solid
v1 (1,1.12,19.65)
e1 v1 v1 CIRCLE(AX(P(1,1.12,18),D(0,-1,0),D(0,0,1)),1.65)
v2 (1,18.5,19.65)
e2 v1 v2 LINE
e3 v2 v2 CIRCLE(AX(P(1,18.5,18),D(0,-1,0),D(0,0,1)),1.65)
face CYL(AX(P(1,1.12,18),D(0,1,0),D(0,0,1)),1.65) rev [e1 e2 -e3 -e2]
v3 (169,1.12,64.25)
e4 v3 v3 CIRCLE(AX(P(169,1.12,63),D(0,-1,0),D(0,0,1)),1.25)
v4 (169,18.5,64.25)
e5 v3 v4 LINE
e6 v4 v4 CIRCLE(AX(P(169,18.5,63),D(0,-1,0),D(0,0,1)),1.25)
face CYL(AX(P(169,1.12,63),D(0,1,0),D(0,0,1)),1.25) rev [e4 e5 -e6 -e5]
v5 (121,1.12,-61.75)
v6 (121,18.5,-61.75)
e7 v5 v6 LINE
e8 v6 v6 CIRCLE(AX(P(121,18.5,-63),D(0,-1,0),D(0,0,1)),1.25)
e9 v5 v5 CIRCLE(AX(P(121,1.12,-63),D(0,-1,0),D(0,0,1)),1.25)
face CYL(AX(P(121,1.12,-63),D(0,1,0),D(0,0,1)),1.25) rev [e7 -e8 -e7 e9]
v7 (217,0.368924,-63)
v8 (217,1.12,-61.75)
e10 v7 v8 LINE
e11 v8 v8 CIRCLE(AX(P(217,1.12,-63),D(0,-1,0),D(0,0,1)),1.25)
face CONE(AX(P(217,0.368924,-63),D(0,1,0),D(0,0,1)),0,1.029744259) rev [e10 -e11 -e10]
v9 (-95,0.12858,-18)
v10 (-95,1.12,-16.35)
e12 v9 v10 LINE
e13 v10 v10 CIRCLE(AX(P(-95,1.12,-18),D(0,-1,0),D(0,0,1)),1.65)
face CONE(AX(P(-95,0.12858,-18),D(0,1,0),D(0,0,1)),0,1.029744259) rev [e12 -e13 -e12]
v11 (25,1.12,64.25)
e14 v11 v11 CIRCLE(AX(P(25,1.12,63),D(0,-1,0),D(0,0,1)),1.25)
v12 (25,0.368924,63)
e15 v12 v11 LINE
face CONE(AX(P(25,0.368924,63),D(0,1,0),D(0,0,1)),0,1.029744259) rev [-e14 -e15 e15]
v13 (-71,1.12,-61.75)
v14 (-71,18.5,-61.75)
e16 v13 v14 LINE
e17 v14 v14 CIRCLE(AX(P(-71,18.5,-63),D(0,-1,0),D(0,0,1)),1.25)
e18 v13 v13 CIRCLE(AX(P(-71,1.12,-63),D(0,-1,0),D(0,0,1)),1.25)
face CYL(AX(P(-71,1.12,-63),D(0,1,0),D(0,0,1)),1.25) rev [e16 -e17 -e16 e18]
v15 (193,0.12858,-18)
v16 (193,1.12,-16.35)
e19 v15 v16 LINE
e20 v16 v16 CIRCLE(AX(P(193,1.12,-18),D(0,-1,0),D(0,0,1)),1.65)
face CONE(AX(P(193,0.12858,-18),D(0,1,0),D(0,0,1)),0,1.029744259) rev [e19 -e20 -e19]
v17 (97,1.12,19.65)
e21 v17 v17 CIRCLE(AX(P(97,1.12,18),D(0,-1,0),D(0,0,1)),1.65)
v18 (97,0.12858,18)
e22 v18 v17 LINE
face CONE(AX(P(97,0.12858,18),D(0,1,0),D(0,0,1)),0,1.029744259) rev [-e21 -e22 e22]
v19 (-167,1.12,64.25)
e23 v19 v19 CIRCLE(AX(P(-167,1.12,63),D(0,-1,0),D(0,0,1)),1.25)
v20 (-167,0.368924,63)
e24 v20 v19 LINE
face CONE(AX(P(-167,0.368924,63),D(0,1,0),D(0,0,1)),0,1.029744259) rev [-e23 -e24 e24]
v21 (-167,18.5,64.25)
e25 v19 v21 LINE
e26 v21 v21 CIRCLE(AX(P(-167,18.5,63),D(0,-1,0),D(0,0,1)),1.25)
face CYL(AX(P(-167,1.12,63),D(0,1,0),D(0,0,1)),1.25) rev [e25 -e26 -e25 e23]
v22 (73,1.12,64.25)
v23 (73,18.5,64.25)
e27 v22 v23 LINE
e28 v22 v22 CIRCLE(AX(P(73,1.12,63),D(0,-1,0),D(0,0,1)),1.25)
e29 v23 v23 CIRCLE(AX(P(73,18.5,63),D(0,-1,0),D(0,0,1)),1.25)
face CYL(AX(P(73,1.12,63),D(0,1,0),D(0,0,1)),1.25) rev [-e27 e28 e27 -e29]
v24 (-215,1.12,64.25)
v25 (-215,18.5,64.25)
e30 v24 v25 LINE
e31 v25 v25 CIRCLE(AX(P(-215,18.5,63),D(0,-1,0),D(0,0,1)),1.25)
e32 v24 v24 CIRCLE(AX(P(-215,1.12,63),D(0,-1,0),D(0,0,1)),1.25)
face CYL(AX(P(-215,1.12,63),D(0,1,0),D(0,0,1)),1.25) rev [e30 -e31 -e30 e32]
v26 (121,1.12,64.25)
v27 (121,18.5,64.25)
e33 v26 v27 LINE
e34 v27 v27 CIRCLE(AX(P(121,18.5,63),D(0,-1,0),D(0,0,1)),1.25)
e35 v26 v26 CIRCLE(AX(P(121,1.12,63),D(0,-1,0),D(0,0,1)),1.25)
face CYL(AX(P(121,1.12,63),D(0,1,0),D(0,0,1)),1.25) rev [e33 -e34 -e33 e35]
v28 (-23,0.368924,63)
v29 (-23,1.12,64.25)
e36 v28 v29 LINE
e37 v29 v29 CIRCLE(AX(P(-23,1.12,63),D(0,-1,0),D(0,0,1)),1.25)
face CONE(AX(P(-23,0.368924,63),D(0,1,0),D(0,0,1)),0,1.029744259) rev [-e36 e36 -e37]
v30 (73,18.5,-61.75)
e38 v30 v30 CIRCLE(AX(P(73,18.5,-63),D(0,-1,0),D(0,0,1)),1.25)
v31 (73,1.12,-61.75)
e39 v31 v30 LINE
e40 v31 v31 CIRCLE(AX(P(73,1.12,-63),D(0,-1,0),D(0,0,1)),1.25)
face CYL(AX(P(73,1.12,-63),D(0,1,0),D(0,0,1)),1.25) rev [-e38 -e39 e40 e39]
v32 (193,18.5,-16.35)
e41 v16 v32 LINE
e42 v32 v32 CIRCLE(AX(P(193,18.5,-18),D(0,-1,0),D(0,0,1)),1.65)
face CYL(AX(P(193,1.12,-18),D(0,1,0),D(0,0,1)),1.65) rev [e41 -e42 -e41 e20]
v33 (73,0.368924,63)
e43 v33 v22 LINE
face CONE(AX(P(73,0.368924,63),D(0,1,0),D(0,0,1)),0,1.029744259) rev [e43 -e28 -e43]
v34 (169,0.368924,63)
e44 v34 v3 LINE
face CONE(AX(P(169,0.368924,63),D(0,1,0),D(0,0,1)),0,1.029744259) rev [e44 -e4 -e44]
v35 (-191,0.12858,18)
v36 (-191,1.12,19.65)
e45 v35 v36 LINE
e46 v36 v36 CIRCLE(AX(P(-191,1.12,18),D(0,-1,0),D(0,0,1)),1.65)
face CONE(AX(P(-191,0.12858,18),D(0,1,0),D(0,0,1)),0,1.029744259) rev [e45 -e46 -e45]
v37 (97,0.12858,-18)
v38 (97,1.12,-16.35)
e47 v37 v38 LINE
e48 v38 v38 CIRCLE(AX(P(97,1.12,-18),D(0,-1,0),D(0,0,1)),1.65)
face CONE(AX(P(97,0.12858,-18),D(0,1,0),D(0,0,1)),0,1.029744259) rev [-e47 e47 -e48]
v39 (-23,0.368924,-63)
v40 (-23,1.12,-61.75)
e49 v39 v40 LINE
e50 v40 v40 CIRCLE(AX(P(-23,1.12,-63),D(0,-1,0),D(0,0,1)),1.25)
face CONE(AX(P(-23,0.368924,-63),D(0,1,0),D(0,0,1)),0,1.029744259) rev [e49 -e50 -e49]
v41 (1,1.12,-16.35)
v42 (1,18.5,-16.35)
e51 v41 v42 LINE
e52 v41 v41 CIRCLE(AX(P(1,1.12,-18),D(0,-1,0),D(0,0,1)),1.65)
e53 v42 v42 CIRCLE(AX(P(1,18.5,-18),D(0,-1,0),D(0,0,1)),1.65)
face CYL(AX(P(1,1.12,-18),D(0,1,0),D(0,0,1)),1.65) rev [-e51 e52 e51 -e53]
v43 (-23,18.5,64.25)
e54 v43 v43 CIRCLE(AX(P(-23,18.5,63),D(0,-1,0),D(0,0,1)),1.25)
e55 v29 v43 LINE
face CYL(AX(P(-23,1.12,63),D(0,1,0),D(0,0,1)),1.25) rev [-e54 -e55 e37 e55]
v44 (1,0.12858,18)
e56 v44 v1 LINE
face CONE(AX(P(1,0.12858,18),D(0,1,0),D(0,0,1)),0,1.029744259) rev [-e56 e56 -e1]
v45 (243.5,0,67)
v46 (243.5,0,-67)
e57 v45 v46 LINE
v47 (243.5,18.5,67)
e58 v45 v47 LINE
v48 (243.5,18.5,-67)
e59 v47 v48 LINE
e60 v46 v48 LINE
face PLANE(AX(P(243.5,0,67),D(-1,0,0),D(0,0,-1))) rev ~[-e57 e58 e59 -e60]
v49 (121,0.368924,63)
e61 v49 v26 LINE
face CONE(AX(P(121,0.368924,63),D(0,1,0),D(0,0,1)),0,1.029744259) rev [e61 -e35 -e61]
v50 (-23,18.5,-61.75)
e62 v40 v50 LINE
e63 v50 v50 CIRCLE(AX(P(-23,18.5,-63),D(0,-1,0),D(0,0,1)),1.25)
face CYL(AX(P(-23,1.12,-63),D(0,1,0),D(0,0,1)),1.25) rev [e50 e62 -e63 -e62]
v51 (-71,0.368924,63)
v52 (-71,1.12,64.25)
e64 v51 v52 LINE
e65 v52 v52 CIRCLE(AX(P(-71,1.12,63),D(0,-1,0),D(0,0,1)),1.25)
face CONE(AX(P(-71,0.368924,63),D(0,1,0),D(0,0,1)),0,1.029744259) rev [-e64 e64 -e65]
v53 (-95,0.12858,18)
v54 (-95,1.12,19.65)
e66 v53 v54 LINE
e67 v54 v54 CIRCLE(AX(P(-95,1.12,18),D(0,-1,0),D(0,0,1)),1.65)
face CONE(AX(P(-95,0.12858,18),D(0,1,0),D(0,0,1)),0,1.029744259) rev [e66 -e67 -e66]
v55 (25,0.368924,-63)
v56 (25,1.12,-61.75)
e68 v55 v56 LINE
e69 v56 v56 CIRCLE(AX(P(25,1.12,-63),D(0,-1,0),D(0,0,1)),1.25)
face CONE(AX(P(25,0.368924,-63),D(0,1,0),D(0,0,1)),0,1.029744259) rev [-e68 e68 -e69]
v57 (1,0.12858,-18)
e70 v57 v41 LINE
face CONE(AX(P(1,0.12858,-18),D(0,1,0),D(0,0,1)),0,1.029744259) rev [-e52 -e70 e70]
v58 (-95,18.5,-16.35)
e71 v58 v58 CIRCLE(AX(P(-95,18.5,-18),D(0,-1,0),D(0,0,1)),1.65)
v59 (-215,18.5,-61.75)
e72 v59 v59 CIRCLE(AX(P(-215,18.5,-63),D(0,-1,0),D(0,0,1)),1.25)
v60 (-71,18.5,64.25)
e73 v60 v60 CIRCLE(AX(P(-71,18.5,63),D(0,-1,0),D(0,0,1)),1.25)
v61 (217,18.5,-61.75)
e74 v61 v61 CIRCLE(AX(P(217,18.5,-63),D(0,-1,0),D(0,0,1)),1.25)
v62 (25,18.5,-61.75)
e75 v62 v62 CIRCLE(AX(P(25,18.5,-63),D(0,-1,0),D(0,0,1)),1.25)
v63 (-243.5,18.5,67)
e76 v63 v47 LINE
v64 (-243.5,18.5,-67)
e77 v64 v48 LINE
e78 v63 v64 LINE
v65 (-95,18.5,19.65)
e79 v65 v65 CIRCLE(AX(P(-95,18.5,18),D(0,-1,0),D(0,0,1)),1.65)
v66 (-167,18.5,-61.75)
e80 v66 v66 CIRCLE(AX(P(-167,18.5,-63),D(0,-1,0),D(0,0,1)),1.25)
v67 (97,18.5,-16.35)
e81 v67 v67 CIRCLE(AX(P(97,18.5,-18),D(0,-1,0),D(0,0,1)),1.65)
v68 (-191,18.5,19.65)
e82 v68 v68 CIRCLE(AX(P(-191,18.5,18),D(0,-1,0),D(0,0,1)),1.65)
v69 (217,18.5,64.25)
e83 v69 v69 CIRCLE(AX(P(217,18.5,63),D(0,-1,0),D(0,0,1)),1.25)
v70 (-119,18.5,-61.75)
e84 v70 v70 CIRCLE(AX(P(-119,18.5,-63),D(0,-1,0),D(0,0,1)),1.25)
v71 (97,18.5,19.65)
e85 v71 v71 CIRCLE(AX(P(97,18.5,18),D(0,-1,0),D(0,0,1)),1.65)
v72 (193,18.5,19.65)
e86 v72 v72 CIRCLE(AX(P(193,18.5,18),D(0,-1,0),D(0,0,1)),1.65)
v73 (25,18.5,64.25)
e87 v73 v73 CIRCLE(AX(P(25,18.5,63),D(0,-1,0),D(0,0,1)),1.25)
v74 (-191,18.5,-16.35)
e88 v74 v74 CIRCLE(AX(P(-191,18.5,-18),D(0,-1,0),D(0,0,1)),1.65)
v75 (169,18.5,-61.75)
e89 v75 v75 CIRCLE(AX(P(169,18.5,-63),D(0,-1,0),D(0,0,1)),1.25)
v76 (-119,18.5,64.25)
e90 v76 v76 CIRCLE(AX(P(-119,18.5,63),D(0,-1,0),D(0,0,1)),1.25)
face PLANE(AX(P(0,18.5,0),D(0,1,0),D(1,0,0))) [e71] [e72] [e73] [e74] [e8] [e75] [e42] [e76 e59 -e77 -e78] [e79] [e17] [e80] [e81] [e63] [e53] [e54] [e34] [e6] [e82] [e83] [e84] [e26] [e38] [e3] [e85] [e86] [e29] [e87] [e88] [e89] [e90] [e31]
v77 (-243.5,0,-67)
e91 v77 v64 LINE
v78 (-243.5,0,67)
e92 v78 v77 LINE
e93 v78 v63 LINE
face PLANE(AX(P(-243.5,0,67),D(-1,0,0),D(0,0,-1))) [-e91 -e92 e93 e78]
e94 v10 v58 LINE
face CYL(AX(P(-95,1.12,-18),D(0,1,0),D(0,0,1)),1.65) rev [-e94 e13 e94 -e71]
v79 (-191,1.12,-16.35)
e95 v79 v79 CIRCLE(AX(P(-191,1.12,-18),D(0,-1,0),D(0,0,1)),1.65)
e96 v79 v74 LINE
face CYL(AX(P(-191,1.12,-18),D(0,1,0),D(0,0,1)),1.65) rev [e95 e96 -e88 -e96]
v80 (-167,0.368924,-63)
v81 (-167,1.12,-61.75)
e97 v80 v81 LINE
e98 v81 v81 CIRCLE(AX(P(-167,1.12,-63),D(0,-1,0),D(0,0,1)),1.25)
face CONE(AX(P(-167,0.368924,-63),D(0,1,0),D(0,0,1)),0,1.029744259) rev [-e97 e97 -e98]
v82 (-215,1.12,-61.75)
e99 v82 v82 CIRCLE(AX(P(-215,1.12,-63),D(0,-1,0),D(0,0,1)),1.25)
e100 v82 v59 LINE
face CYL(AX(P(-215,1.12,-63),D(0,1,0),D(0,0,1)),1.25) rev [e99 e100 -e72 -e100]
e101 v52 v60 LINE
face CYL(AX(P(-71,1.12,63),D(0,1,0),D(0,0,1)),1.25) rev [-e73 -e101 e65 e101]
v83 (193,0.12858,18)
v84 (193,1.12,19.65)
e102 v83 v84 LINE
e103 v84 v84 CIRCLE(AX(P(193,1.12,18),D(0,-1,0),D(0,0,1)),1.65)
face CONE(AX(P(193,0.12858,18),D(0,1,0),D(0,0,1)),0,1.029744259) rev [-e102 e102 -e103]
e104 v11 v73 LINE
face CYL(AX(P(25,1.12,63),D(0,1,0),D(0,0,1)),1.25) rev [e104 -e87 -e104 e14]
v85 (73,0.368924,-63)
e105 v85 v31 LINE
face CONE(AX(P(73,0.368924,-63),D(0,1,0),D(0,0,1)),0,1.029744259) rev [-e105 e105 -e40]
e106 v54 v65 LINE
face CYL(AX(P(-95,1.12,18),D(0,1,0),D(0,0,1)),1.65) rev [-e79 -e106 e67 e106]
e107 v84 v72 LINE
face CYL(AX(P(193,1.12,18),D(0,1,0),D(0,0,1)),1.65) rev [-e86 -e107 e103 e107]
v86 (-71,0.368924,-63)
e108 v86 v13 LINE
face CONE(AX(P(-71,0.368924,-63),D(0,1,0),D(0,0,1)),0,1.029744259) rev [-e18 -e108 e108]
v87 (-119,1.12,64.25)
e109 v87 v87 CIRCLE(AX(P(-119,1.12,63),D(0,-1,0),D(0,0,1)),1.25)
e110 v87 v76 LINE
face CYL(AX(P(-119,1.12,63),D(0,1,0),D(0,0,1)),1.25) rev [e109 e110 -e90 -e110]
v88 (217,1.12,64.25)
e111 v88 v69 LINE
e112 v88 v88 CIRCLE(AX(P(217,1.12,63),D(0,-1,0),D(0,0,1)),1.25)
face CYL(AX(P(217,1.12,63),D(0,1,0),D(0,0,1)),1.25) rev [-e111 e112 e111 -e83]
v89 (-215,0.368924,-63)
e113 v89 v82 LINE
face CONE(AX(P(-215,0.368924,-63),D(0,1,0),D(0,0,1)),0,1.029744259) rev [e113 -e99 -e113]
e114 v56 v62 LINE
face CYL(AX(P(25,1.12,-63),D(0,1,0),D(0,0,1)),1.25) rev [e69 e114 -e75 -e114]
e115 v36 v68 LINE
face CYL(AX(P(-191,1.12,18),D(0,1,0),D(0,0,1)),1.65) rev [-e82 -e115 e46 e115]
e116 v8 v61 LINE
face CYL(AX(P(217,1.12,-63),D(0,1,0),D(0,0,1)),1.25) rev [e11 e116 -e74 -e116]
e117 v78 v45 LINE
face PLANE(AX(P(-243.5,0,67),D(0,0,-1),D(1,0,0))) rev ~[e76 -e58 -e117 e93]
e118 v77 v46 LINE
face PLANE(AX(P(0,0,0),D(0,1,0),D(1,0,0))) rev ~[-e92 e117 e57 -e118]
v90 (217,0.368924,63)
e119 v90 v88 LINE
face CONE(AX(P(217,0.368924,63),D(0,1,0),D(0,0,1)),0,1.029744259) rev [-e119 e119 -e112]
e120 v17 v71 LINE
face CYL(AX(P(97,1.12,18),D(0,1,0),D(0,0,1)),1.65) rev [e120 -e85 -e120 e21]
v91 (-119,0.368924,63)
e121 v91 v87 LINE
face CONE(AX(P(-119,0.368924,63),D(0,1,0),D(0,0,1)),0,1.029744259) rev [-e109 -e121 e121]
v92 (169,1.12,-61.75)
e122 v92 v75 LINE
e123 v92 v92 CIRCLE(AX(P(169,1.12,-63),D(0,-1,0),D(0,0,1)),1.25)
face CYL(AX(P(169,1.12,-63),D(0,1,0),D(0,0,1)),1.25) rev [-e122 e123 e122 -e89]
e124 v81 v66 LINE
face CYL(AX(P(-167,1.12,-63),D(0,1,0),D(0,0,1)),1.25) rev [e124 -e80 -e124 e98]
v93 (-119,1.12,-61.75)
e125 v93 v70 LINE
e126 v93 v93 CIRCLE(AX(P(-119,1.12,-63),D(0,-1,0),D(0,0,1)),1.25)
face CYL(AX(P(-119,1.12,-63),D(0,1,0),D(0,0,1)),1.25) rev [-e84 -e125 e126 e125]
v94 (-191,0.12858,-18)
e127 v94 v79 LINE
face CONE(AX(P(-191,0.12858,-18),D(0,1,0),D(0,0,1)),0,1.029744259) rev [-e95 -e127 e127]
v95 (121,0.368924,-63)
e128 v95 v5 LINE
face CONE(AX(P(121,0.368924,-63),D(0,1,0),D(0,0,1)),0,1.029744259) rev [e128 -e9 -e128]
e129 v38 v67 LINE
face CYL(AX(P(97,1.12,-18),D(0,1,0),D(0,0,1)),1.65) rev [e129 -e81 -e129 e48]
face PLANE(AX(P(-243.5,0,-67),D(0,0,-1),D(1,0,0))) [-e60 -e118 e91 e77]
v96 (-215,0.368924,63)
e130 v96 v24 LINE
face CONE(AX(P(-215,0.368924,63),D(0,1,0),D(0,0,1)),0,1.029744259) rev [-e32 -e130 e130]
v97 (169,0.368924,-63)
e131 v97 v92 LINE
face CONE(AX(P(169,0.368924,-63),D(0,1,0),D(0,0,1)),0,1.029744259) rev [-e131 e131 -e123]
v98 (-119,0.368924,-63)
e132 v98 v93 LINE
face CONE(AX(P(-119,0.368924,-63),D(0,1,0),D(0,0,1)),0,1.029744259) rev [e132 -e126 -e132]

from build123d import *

# Parameters (mm, degrees)
SKETCH1_W                            = 487
SKETCH1_H                            = 134
BOSS_EXTRUDE1_DEPTH                  = 18.5
TAP_DRILL_FOR_M4X0_7_TAP1_AT_2_COUNT = 2
TAP_DRILL_FOR_M4X0_7_TAP1_AT_2_PITCH = 36
TAP_DRILL_FOR_M3X0_5_TAP1_AT_2_COUNT = 2
TAP_DRILL_FOR_M3X0_5_TAP1_AT_2_PITCH = 48
TAP_DRILL_FOR_M3X0_5_TAP1_AT_3_COUNT = 2
TAP_DRILL_FOR_M3X0_5_TAP1_AT_3_PITCH = 134.833230325
TAP_DRILL_FOR_M3X0_5_TAP1_AT_4_COUNT = 2
TAP_DRILL_FOR_M3X0_5_TAP1_AT_4_PITCH = 126
LPATTERN1_COUNT                      = 5
LPATTERN1_PITCH                      = 96


with BuildPart() as part:
    # Sketch1 → Boss-Extrude1 (new body)
    with BuildSketch(Plane(origin=(0, 0, 0), x_dir=(1, 0, 0), z_dir=(0, 1, 0))):
        Rectangle(SKETCH1_W, SKETCH1_H)
    extrude(amount=BOSS_EXTRUDE1_DEPTH)

    # Sketch3 → Tap Drill for M4x0.7 Tap1 (revolve, cut)
    with BuildSketch(Plane(origin=(-191, 18.5, -18), x_dir=(0, 0, 1), z_dir=(1, 0, 0))):
        Polygon((0, 0), (0, 18.371420021), (1.65, 17.38), (1.65, 0), align=None)
    tap_drill_for_m4x0_7_tap1 = revolve(axis=Axis((-191, 24.85, -18), (0, -1, 0)), mode=Mode.SUBTRACT)

    # Tap Drill for M4x0.7 Tap1 at 2: Tap Drill for M4x0.7 Tap1 ×2
    with Locations(*[(0, 0, i * TAP_DRILL_FOR_M4X0_7_TAP1_AT_2_PITCH) for i in range(1, TAP_DRILL_FOR_M4X0_7_TAP1_AT_2_COUNT)]):
        add(tap_drill_for_m4x0_7_tap1, mode=Mode.SUBTRACT)

    # Sketch5 → Tap Drill for M3x0.5 Tap1 (revolve, cut)
    with BuildSketch(Plane(origin=(-215, 18.5, -63), x_dir=(0, 0, 1), z_dir=(1, 0, 0))):
        Polygon((0, 0), (0, 18.131075774), (1.25, 17.38), (1.25, 0), align=None)
    tap_drill_for_m3x0_5_tap1 = revolve(axis=Axis((-215, 24.85, -63), (0, -1, 0)), mode=Mode.SUBTRACT)

    # Tap Drill for M3x0.5 Tap1 at 2: Tap Drill for M3x0.5 Tap1 ×2
    with Locations(*[(i * TAP_DRILL_FOR_M3X0_5_TAP1_AT_2_PITCH, 0, 0) for i in range(1, TAP_DRILL_FOR_M3X0_5_TAP1_AT_2_COUNT)]):
        add(tap_drill_for_m3x0_5_tap1, mode=Mode.SUBTRACT)

    # Tap Drill for M3x0.5 Tap1 at 3: Tap Drill for M3x0.5 Tap1 ×2
    with Locations(*[Vector(0.3559953275919878, 0, 0.9344877349289681) * (i * TAP_DRILL_FOR_M3X0_5_TAP1_AT_3_PITCH) for i in range(1, TAP_DRILL_FOR_M3X0_5_TAP1_AT_3_COUNT)]):
        add(tap_drill_for_m3x0_5_tap1, mode=Mode.SUBTRACT)

    # Tap Drill for M3x0.5 Tap1 at 4: Tap Drill for M3x0.5 Tap1 ×2
    with Locations(*[(0, 0, i * TAP_DRILL_FOR_M3X0_5_TAP1_AT_4_PITCH) for i in range(1, TAP_DRILL_FOR_M3X0_5_TAP1_AT_4_COUNT)]):
        add(tap_drill_for_m3x0_5_tap1, mode=Mode.SUBTRACT)

    # LPattern1: Tap Drill for M4x0.7 Tap1, Tap Drill for M3x0.5 Tap1 ×5
    with Locations(*[(i * LPATTERN1_PITCH, 0, 0) for i in range(1, LPATTERN1_COUNT)]):
        add(tap_drill_for_m4x0_7_tap1, mode=Mode.SUBTRACT)
        add(tap_drill_for_m3x0_5_tap1, mode=Mode.SUBTRACT)

    # LPattern1 copy 1 sketch → LPattern1 copy 1 (revolve, cut)
    with BuildSketch(Plane(origin=(-95, 18.5, 18), x_dir=(0, 0, 1), z_dir=(1, 0, 0))):
        Polygon((0, 0), (0, 18.371420021), (1.65, 17.38), (1.65, 0), align=None)
    revolve(axis=Axis((-95, 24.85, 18), (0, -1, 0)), mode=Mode.SUBTRACT)

    # LPattern1 copy 2 sketch → LPattern1 copy 2 (revolve, cut)
    with BuildSketch(Plane(origin=(1, 18.5, 18), x_dir=(0, 0, 1), z_dir=(1, 0, 0))):
        Polygon((0, 0), (0, 18.371420021), (1.65, 17.38), (1.65, 0), align=None)
    revolve(axis=Axis((1, 24.85, 18), (0, -1, 0)), mode=Mode.SUBTRACT)

    # LPattern1 copy 3 sketch → LPattern1 copy 3 (revolve, cut)
    with BuildSketch(Plane(origin=(97, 18.5, 18), x_dir=(0, 0, 1), z_dir=(1, 0, 0))):
        Polygon((0, 0), (0, 18.371420021), (1.65, 17.38), (1.65, 0), align=None)
    revolve(axis=Axis((97, 24.85, 18), (0, -1, 0)), mode=Mode.SUBTRACT)

    # LPattern1 copy 4 sketch → LPattern1 copy 4 (revolve, cut)
    with BuildSketch(Plane(origin=(193, 18.5, 18), x_dir=(0, 0, 1), z_dir=(1, 0, 0))):
        Polygon((0, 0), (0, 18.371420021), (1.65, 17.38), (1.65, 0), align=None)
    revolve(axis=Axis((193, 24.85, 18), (0, -1, 0)), mode=Mode.SUBTRACT)

    # LPattern1 copy 5 sketch → LPattern1 copy 5 (revolve, cut)
    with BuildSketch(Plane(origin=(-71, 18.5, -63), x_dir=(0, 0, 1), z_dir=(1, 0, 0))):
        Polygon((0, 0), (0, 18.131075774), (1.25, 17.38), (1.25, 0), align=None)
    revolve(axis=Axis((-71, 24.85, -63), (0, -1, 0)), mode=Mode.SUBTRACT)

    # LPattern1 copy 6 sketch → LPattern1 copy 6 (revolve, cut)
    with BuildSketch(Plane(origin=(25, 18.5, -63), x_dir=(0, 0, 1), z_dir=(1, 0, 0))):
        Polygon((0, 0), (0, 18.131075774), (1.25, 17.38), (1.25, 0), align=None)
    revolve(axis=Axis((25, 24.85, -63), (0, -1, 0)), mode=Mode.SUBTRACT)

    # LPattern1 copy 7 sketch → LPattern1 copy 7 (revolve, cut)
    with BuildSketch(Plane(origin=(121, 18.5, -63), x_dir=(0, 0, 1), z_dir=(1, 0, 0))):
        Polygon((0, 0), (0, 18.131075774), (1.25, 17.38), (1.25, 0), align=None)
    revolve(axis=Axis((121, 24.85, -63), (0, -1, 0)), mode=Mode.SUBTRACT)

    # LPattern1 copy 8 sketch → LPattern1 copy 8 (revolve, cut)
    with BuildSketch(Plane(origin=(217, 18.5, -63), x_dir=(0, 0, 1), z_dir=(1, 0, 0))):
        Polygon((0, 0), (0, 18.131075774), (1.25, 17.38), (1.25, 0), align=None)
    revolve(axis=Axis((217, 24.85, -63), (0, -1, 0)), mode=Mode.SUBTRACT)

    # LPattern1 copy 9 sketch → LPattern1 copy 9 (revolve, cut)
    with BuildSketch(Plane(origin=(-71, 18.5, 63), x_dir=(0, 0, 1), z_dir=(1, 0, 0))):
        Polygon((0, 0), (0, 18.131075774), (1.25, 17.38), (1.25, 0), align=None)
    revolve(axis=Axis((-71, 24.85, 63), (0, -1, 0)), mode=Mode.SUBTRACT)

    # LPattern1 copy 10 sketch → LPattern1 copy 10 (revolve, cut)
    with BuildSketch(Plane(origin=(25, 18.5, 63), x_dir=(0, 0, 1), z_dir=(1, 0, 0))):
        Polygon((0, 0), (0, 18.131075774), (1.25, 17.38), (1.25, 0), align=None)
    revolve(axis=Axis((25, 24.85, 63), (0, -1, 0)), mode=Mode.SUBTRACT)

    # LPattern1 copy 11 sketch → LPattern1 copy 11 (revolve, cut)
    with BuildSketch(Plane(origin=(121, 18.5, 63), x_dir=(0, 0, 1), z_dir=(1, 0, 0))):
        Polygon((0, 0), (0, 18.131075774), (1.25, 17.38), (1.25, 0), align=None)
    revolve(axis=Axis((121, 24.85, 63), (0, -1, 0)), mode=Mode.SUBTRACT)

    # LPattern1 copy 12 sketch → LPattern1 copy 12 (revolve, cut)
    with BuildSketch(Plane(origin=(217, 18.5, 63), x_dir=(0, 0, 1), z_dir=(1, 0, 0))):
        Polygon((0, 0), (0, 18.131075774), (1.25, 17.38), (1.25, 0), align=None)
    revolve(axis=Axis((217, 24.85, 63), (0, -1, 0)), mode=Mode.SUBTRACT)

    # LPattern1 copy 13 sketch → LPattern1 copy 13 (revolve, cut)
    with BuildSketch(Plane(origin=(-119, 18.5, 63), x_dir=(0, 0, 1), z_dir=(1, 0, 0))):
        Polygon((0, 0), (0, 18.131075774), (1.25, 17.38), (1.25, 0), align=None)
    revolve(axis=Axis((-119, 24.85, 63), (0, -1, 0)), mode=Mode.SUBTRACT)

    # LPattern1 copy 14 sketch → LPattern1 copy 14 (revolve, cut)
    with BuildSketch(Plane(origin=(-23, 18.5, 63), x_dir=(0, 0, 1), z_dir=(1, 0, 0))):
        Polygon((0, 0), (0, 18.131075774), (1.25, 17.38), (1.25, 0), align=None)
    revolve(axis=Axis((-23, 24.85, 63), (0, -1, 0)), mode=Mode.SUBTRACT)

    # LPattern1 copy 15 sketch → LPattern1 copy 15 (revolve, cut)
    with BuildSketch(Plane(origin=(73, 18.5, 63), x_dir=(0, 0, 1), z_dir=(1, 0, 0))):
        Polygon((0, 0), (0, 18.131075774), (1.25, 17.38), (1.25, 0), align=None)
    revolve(axis=Axis((73, 24.85, 63), (0, -1, 0)), mode=Mode.SUBTRACT)

    # LPattern1 copy 16 sketch → LPattern1 copy 16 (revolve, cut)
    with BuildSketch(Plane(origin=(169, 18.5, 63), x_dir=(0, 0, 1), z_dir=(1, 0, 0))):
        Polygon((0, 0), (0, 18.131075774), (1.25, 17.38), (1.25, 0), align=None)
    revolve(axis=Axis((169, 24.85, 63), (0, -1, 0)), mode=Mode.SUBTRACT)


solid = part.part
